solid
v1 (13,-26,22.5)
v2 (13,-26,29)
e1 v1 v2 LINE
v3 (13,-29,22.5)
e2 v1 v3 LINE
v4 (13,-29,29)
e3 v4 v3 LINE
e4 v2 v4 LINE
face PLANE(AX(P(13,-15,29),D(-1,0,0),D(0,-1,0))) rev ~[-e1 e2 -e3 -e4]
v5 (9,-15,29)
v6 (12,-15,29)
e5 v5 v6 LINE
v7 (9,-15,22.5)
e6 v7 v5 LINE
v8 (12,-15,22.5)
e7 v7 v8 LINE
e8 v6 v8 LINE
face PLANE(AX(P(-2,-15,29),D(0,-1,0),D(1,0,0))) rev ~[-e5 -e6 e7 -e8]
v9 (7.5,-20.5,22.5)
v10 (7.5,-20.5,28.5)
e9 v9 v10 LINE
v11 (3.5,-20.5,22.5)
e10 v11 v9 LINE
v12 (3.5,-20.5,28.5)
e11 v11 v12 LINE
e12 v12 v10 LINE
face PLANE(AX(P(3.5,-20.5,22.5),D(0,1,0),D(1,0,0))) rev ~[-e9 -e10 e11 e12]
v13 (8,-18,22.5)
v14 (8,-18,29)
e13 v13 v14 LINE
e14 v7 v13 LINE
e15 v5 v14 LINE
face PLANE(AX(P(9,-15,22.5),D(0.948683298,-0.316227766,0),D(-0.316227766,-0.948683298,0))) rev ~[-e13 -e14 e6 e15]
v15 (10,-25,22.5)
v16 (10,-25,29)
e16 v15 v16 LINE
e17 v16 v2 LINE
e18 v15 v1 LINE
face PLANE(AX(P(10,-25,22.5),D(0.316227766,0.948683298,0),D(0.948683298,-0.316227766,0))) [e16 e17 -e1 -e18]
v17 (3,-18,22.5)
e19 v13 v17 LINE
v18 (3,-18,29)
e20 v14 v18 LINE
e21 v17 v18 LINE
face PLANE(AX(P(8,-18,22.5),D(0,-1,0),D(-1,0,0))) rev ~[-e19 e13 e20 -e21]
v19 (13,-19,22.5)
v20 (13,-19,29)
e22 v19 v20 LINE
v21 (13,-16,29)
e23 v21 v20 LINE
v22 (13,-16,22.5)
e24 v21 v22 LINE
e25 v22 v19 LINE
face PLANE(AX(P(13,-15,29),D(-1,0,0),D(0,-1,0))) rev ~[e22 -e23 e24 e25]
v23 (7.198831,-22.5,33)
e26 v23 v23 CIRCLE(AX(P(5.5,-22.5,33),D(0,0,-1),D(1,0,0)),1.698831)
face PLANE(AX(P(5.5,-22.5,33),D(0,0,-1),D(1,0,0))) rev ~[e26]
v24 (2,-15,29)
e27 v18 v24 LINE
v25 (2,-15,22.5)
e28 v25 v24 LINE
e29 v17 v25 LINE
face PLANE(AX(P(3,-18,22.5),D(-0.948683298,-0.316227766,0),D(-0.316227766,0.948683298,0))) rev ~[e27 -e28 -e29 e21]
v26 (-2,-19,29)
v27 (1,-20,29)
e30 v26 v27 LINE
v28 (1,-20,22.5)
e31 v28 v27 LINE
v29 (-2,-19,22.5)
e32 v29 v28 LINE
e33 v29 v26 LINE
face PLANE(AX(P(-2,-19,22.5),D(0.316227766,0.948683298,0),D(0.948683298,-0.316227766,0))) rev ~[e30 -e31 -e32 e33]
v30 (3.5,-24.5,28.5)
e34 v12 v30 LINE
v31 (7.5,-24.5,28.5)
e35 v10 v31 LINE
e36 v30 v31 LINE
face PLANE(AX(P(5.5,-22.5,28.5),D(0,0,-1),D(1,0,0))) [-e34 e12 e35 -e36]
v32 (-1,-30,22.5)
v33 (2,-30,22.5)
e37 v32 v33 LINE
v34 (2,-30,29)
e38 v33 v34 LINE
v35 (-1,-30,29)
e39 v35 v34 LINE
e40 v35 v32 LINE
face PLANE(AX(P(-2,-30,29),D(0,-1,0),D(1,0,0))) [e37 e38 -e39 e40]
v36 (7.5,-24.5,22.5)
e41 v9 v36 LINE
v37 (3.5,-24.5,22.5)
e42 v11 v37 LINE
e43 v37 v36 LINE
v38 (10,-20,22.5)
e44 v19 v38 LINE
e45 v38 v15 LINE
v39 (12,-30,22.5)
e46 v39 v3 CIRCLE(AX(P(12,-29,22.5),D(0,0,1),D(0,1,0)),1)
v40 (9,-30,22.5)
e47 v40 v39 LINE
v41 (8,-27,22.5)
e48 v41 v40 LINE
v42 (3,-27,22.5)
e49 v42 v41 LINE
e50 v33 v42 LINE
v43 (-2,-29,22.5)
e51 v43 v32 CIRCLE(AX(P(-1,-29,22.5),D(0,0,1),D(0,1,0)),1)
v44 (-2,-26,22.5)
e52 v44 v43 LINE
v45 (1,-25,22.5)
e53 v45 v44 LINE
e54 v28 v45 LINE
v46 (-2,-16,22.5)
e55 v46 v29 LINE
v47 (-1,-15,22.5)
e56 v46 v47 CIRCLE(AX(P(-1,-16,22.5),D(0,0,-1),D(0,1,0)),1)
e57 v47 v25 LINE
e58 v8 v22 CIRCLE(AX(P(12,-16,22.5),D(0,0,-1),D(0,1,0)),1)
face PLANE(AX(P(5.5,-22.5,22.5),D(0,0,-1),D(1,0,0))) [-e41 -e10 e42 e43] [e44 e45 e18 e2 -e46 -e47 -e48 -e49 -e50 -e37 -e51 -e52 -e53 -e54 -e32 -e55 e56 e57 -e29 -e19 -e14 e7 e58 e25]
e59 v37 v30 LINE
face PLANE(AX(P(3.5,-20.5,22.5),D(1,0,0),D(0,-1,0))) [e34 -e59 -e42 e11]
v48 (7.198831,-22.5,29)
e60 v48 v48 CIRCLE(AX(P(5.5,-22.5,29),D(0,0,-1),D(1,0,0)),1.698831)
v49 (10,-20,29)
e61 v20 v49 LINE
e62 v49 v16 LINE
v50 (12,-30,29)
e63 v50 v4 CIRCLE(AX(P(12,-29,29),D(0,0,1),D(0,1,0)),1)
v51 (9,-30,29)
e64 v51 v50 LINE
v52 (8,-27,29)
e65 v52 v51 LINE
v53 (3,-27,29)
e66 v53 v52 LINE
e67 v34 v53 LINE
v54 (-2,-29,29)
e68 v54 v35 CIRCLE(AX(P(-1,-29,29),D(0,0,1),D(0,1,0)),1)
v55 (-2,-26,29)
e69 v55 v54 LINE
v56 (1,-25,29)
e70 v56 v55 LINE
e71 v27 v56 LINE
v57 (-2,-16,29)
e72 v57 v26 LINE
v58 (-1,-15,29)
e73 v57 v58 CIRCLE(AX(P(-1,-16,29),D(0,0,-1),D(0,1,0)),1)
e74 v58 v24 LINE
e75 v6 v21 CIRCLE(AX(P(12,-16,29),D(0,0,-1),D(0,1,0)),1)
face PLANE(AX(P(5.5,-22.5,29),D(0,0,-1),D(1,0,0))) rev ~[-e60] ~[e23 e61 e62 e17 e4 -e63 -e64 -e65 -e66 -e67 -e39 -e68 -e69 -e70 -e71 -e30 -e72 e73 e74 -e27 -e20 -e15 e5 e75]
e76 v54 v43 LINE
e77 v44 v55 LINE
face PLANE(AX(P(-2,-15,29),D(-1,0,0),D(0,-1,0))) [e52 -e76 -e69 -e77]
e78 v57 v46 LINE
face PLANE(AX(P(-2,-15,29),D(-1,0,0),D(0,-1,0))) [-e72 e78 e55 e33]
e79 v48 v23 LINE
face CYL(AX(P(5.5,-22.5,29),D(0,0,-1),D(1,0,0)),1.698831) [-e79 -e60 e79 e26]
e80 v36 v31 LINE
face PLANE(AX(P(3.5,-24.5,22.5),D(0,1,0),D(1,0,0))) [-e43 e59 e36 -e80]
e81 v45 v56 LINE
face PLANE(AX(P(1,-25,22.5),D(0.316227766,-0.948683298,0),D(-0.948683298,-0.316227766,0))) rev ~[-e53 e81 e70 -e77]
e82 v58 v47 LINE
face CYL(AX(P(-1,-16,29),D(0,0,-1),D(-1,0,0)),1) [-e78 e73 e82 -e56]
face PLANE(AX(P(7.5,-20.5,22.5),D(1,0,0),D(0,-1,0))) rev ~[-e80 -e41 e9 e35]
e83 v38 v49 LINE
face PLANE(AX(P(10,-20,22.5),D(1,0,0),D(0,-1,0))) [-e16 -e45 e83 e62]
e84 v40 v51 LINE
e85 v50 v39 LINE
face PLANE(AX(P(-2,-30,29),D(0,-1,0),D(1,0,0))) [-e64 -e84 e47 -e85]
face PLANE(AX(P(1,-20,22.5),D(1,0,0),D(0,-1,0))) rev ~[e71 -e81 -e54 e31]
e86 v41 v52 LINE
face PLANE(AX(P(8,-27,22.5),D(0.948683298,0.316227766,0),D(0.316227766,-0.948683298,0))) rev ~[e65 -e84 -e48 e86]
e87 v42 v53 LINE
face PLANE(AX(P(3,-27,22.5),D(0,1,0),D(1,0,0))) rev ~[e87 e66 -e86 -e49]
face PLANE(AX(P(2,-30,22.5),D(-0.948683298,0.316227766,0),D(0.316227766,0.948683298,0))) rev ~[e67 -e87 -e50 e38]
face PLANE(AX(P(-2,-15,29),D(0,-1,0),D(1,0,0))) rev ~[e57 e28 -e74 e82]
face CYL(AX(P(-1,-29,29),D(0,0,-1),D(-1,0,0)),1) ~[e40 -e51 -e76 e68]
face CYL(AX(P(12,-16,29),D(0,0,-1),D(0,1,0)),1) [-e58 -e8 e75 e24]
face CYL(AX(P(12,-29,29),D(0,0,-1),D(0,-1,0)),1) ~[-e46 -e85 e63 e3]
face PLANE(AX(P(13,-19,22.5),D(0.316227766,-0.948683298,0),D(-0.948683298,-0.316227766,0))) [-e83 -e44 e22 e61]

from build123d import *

# Parameters (mm, degrees)
SKETCH073_R     = 1.698831
PAD043_DEPTH    = 4
SKETCH074_W     = 15
SKETCH074_H     = 15
PAD044_DEPTH    = 6.5
SKETCH078_W     = 4
SKETCH078_H     = 4
POCKET033_DEPTH = 6
FILLET006_R     = 1
POCKET047_DEPTH = 7


with BuildPart() as part:
    # Sketch073 → Pad043 (new body)
    with BuildSketch(Plane(origin=(0, 0, 25), x_dir=(1, 0, 0), z_dir=(0, 0, -1))):
        with Locations((5.5, 22.5)):
            Circle(SKETCH073_R)
    extrude(amount=-PAD043_DEPTH)

    # Sketch074 (on Face2 of Pad043) → Pad044 (join)
    with BuildSketch(Plane(origin=(0, 0, 25), x_dir=(1, 0, 0), z_dir=(0, 0, -1))):
        with Locations((5.5, 22.5)):
            Rectangle(SKETCH074_W, SKETCH074_H)
    extrude(amount=PAD044_DEPTH)

    # Sketch078 → Pocket033 (cut)
    with BuildSketch(Plane(origin=(0, 0, 18.5), x_dir=(1, 0, 0), z_dir=(0, 0, -1))):
        with Locations((5.5, 22.5)):
            Rectangle(SKETCH078_W, SKETCH078_H)
    extrude(amount=-POCKET033_DEPTH, mode=Mode.SUBTRACT)

    # Fillet006
    fillet006_edges = [part.edges().sort_by_distance(p)[0] for p in [
        (13, -30, 21.75),
        (13, -15, 21.75),
        (-2, -15, 21.75),
        (-2, -30, 21.75),
    ]]
    fillet(fillet006_edges, radius=FILLET006_R)

    # Sketch096 (on Face5 of Fillet006) → Pocket047 (cut)
    with BuildSketch(Plane(origin=(0, 0, 18.5), x_dir=(1, 0, 0), z_dir=(0, 0, -1))):
        Polygon((3, 27), (8, 27), (9, 30), (2, 30), align=None)
        Polygon((1, 25), (-2, 26), (-2, 19), (1, 20), align=None)
        Polygon((3, 18), (2, 15), (9, 15), (8, 18), align=None)
        Polygon((10, 25), (13, 26), (13, 19), (10, 20), align=None)
    extrude(amount=-POCKET047_DEPTH, mode=Mode.SUBTRACT)


with BuildPart() as part_1:
    # Body007 placement: moved
    add(part.part.moved(Location((0, 0, 4))))


solid = part_1.part
